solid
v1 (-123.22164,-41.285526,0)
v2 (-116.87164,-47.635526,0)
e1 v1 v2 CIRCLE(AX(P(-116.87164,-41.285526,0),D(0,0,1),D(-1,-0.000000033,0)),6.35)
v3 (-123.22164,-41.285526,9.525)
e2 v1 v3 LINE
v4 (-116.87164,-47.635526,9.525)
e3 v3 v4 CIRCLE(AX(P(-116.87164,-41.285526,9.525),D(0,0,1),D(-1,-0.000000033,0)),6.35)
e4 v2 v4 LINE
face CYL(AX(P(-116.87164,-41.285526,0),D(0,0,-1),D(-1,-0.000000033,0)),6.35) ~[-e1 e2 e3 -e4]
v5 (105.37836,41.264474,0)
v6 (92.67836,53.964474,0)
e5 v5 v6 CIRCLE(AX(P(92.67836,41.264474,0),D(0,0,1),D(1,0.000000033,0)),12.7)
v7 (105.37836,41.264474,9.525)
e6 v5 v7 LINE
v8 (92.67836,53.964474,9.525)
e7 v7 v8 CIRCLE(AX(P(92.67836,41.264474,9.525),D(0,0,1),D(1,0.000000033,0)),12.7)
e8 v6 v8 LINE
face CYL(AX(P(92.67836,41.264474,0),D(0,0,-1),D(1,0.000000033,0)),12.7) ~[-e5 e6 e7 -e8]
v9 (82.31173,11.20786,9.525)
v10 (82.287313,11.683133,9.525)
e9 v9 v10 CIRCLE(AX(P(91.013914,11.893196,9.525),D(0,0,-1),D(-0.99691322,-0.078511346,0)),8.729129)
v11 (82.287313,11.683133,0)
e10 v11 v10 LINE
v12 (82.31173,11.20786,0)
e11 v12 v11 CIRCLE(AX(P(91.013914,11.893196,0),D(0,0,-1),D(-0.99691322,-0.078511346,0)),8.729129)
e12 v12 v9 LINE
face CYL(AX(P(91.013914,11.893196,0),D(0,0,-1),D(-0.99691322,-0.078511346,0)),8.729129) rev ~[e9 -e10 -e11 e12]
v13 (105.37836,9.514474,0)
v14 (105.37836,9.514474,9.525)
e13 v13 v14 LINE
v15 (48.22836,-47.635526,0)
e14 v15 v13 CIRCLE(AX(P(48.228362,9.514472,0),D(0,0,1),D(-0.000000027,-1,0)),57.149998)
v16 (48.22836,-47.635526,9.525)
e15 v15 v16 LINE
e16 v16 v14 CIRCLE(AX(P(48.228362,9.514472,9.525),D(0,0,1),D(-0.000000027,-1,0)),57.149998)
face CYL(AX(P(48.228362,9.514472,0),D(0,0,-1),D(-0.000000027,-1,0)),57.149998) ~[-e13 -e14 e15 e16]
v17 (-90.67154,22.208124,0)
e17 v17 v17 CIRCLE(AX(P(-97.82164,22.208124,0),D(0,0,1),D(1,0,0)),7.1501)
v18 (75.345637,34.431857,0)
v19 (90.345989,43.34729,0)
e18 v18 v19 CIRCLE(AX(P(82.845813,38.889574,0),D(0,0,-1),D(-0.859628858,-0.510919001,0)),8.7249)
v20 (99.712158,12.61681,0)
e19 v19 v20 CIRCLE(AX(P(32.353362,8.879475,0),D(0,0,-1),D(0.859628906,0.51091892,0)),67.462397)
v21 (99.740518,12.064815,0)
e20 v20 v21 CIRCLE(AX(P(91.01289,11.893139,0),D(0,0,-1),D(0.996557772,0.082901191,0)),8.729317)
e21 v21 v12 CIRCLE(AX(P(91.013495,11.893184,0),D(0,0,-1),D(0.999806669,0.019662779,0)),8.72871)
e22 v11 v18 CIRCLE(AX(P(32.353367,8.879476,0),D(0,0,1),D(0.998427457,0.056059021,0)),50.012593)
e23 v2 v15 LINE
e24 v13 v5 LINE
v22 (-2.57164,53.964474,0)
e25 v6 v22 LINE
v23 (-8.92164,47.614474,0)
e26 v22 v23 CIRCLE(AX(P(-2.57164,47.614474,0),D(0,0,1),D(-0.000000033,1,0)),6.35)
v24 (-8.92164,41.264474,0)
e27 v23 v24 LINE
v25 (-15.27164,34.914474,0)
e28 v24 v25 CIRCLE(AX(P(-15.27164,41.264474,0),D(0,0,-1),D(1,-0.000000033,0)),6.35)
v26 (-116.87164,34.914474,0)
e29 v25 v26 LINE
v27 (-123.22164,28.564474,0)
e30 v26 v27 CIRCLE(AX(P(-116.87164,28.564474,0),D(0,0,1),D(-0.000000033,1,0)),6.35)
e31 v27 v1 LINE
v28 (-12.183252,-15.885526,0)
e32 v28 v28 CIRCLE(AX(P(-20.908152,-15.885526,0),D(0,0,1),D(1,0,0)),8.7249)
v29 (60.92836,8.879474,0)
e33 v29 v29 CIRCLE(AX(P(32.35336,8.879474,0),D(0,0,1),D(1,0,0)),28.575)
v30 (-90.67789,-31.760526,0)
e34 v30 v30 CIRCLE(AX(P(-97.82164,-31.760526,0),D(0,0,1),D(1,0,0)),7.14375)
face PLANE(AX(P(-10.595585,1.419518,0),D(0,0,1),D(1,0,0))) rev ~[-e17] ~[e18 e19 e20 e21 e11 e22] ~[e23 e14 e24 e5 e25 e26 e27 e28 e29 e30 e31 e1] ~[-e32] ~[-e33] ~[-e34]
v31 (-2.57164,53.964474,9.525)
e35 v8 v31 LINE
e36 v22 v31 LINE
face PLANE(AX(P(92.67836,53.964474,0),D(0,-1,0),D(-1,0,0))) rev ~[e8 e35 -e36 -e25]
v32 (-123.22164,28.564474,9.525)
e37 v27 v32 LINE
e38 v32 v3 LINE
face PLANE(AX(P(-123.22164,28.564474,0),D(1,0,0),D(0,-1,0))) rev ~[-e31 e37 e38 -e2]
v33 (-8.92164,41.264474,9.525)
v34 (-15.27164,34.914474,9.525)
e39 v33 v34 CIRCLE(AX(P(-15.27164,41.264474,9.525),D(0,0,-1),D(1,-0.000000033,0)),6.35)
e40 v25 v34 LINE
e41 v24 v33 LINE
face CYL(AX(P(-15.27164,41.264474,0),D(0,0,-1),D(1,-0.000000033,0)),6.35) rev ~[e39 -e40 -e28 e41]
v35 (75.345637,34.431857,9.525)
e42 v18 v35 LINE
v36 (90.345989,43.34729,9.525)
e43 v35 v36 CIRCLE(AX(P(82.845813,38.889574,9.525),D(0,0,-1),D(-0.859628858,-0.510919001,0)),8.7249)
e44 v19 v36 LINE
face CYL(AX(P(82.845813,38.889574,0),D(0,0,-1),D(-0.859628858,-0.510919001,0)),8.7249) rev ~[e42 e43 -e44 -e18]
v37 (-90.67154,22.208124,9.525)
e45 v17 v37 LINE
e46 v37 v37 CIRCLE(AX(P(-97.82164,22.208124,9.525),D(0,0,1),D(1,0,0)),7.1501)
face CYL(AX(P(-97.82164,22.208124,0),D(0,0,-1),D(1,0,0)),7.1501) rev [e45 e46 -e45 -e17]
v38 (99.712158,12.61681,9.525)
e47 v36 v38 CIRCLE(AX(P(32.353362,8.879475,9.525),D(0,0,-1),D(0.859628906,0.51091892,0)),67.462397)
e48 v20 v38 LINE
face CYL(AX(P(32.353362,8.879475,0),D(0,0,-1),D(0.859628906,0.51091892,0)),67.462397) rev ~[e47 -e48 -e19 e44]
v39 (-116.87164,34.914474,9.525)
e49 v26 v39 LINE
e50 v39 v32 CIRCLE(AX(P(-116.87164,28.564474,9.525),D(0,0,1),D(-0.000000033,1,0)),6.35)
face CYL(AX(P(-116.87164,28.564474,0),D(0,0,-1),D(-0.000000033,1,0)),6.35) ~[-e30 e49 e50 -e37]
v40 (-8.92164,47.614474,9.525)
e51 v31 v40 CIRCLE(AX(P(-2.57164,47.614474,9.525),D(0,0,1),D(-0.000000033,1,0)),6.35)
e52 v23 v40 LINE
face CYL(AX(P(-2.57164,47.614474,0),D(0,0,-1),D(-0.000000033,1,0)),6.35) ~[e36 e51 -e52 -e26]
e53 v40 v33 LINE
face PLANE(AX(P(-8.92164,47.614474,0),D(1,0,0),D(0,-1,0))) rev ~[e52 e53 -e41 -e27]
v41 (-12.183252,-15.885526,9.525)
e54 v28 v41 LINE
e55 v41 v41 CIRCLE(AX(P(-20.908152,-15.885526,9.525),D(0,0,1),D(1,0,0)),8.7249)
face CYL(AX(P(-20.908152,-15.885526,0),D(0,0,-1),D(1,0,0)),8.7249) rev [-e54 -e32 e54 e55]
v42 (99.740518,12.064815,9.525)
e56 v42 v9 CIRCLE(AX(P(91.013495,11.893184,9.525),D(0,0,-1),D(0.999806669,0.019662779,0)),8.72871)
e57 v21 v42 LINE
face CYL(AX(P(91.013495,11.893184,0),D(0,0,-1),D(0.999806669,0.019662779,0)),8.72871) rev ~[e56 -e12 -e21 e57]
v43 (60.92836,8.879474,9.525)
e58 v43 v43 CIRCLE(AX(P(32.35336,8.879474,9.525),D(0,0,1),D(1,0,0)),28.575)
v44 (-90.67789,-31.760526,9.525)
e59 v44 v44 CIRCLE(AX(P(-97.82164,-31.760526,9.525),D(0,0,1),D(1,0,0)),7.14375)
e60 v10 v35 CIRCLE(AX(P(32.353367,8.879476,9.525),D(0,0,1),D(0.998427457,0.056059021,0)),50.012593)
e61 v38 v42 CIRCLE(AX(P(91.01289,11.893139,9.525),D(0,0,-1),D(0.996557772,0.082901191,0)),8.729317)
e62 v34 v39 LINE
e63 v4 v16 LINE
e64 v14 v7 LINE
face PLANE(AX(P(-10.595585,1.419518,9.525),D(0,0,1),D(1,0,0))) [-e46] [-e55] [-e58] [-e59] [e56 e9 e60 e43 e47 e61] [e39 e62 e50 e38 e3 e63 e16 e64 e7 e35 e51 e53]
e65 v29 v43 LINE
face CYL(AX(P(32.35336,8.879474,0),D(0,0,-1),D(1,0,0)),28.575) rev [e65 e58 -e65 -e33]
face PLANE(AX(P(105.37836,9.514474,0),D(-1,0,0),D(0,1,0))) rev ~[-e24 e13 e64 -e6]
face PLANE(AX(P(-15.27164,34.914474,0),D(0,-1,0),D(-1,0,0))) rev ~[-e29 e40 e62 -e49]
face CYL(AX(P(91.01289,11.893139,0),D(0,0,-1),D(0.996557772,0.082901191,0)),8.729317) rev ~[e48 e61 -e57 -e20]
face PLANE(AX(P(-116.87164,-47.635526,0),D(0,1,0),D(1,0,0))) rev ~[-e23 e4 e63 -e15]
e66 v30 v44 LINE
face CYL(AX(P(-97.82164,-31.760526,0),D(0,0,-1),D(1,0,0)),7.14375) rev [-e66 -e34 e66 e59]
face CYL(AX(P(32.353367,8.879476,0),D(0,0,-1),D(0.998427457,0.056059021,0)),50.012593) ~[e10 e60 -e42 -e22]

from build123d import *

# Parameters (mm, degrees)
F0_R     = 7.14375
F0_R_2   = 8.7249
F0_R_3   = 7.1501
F0_R_4   = 28.575
F1_DEPTH = 9.525


with BuildPart() as f1:
    # F0 (on Top) → F1 (new body)
    with BuildSketch(Plane.XY):
        with BuildLine():
            Line((92.67836, 53.964474), (-2.57164, 53.964474))
            ThreePointArc((-2.57164, 53.964474), (-7.061768, 52.104602), (-8.92164, 47.614474))
            Line((-8.92164, 47.614474), (-8.92164, 41.264474))
            ThreePointArc((-8.92164, 41.264474), (-10.781512, 36.774346), (-15.27164, 34.914474))
            Line((-15.27164, 34.914474), (-116.87164, 34.914474))
            ThreePointArc((-116.87164, 34.914474), (-121.361768, 33.054602), (-123.22164, 28.564474))
            Line((-123.22164, 28.564474), (-123.22164, -41.285526))
            ThreePointArc((-123.22164, -41.285526), (-121.361768, -45.775654), (-116.87164, -47.635526))
            Line((-116.87164, -47.635526), (48.22836, -47.635526))
            ThreePointArc((48.22836, -47.635526), (88.639513, -30.896679), (105.37836, 9.514474))
            Line((105.37836, 9.514474), (105.37836, 41.264474))
            ThreePointArc((105.37836, 41.264474), (101.658616, 50.24473), (92.67836, 53.964474))
        make_face()
        with Locations((-97.82164, -31.760526)):
            Circle(F0_R, mode=Mode.SUBTRACT)
        with Locations((-20.908152, -15.885526)):
            Circle(F0_R_2, mode=Mode.SUBTRACT)
        with Locations((-97.82164, 22.208124)):
            Circle(F0_R_3, mode=Mode.SUBTRACT)
        with Locations((32.35336, 8.879474)):
            Circle(F0_R_4, mode=Mode.SUBTRACT)
        with BuildLine():
            ThreePointArc((75.345637, 34.431857), (78.388096, 46.38975), (90.345989, 43.34729))
            ThreePointArc((90.345989, 43.34729), (96.885024, 28.547715), (99.712158, 12.61681))
            ThreePointArc((99.712158, 12.61681), (99.730708, 12.341037), (99.740518, 12.064815))
            ThreePointArc((99.740518, 12.064815), (91.442159, 3.175006), (82.31173, 11.20786))
            ThreePointArc((82.31173, 11.20786), (82.296282, 11.44533), (82.287313, 11.683133))
            ThreePointArc((82.287313, 11.683133), (80.188464, 23.476152), (75.345637, 34.431857))
        make_face(mode=Mode.SUBTRACT)
    extrude(amount=F1_DEPTH)


solid = f1.part
